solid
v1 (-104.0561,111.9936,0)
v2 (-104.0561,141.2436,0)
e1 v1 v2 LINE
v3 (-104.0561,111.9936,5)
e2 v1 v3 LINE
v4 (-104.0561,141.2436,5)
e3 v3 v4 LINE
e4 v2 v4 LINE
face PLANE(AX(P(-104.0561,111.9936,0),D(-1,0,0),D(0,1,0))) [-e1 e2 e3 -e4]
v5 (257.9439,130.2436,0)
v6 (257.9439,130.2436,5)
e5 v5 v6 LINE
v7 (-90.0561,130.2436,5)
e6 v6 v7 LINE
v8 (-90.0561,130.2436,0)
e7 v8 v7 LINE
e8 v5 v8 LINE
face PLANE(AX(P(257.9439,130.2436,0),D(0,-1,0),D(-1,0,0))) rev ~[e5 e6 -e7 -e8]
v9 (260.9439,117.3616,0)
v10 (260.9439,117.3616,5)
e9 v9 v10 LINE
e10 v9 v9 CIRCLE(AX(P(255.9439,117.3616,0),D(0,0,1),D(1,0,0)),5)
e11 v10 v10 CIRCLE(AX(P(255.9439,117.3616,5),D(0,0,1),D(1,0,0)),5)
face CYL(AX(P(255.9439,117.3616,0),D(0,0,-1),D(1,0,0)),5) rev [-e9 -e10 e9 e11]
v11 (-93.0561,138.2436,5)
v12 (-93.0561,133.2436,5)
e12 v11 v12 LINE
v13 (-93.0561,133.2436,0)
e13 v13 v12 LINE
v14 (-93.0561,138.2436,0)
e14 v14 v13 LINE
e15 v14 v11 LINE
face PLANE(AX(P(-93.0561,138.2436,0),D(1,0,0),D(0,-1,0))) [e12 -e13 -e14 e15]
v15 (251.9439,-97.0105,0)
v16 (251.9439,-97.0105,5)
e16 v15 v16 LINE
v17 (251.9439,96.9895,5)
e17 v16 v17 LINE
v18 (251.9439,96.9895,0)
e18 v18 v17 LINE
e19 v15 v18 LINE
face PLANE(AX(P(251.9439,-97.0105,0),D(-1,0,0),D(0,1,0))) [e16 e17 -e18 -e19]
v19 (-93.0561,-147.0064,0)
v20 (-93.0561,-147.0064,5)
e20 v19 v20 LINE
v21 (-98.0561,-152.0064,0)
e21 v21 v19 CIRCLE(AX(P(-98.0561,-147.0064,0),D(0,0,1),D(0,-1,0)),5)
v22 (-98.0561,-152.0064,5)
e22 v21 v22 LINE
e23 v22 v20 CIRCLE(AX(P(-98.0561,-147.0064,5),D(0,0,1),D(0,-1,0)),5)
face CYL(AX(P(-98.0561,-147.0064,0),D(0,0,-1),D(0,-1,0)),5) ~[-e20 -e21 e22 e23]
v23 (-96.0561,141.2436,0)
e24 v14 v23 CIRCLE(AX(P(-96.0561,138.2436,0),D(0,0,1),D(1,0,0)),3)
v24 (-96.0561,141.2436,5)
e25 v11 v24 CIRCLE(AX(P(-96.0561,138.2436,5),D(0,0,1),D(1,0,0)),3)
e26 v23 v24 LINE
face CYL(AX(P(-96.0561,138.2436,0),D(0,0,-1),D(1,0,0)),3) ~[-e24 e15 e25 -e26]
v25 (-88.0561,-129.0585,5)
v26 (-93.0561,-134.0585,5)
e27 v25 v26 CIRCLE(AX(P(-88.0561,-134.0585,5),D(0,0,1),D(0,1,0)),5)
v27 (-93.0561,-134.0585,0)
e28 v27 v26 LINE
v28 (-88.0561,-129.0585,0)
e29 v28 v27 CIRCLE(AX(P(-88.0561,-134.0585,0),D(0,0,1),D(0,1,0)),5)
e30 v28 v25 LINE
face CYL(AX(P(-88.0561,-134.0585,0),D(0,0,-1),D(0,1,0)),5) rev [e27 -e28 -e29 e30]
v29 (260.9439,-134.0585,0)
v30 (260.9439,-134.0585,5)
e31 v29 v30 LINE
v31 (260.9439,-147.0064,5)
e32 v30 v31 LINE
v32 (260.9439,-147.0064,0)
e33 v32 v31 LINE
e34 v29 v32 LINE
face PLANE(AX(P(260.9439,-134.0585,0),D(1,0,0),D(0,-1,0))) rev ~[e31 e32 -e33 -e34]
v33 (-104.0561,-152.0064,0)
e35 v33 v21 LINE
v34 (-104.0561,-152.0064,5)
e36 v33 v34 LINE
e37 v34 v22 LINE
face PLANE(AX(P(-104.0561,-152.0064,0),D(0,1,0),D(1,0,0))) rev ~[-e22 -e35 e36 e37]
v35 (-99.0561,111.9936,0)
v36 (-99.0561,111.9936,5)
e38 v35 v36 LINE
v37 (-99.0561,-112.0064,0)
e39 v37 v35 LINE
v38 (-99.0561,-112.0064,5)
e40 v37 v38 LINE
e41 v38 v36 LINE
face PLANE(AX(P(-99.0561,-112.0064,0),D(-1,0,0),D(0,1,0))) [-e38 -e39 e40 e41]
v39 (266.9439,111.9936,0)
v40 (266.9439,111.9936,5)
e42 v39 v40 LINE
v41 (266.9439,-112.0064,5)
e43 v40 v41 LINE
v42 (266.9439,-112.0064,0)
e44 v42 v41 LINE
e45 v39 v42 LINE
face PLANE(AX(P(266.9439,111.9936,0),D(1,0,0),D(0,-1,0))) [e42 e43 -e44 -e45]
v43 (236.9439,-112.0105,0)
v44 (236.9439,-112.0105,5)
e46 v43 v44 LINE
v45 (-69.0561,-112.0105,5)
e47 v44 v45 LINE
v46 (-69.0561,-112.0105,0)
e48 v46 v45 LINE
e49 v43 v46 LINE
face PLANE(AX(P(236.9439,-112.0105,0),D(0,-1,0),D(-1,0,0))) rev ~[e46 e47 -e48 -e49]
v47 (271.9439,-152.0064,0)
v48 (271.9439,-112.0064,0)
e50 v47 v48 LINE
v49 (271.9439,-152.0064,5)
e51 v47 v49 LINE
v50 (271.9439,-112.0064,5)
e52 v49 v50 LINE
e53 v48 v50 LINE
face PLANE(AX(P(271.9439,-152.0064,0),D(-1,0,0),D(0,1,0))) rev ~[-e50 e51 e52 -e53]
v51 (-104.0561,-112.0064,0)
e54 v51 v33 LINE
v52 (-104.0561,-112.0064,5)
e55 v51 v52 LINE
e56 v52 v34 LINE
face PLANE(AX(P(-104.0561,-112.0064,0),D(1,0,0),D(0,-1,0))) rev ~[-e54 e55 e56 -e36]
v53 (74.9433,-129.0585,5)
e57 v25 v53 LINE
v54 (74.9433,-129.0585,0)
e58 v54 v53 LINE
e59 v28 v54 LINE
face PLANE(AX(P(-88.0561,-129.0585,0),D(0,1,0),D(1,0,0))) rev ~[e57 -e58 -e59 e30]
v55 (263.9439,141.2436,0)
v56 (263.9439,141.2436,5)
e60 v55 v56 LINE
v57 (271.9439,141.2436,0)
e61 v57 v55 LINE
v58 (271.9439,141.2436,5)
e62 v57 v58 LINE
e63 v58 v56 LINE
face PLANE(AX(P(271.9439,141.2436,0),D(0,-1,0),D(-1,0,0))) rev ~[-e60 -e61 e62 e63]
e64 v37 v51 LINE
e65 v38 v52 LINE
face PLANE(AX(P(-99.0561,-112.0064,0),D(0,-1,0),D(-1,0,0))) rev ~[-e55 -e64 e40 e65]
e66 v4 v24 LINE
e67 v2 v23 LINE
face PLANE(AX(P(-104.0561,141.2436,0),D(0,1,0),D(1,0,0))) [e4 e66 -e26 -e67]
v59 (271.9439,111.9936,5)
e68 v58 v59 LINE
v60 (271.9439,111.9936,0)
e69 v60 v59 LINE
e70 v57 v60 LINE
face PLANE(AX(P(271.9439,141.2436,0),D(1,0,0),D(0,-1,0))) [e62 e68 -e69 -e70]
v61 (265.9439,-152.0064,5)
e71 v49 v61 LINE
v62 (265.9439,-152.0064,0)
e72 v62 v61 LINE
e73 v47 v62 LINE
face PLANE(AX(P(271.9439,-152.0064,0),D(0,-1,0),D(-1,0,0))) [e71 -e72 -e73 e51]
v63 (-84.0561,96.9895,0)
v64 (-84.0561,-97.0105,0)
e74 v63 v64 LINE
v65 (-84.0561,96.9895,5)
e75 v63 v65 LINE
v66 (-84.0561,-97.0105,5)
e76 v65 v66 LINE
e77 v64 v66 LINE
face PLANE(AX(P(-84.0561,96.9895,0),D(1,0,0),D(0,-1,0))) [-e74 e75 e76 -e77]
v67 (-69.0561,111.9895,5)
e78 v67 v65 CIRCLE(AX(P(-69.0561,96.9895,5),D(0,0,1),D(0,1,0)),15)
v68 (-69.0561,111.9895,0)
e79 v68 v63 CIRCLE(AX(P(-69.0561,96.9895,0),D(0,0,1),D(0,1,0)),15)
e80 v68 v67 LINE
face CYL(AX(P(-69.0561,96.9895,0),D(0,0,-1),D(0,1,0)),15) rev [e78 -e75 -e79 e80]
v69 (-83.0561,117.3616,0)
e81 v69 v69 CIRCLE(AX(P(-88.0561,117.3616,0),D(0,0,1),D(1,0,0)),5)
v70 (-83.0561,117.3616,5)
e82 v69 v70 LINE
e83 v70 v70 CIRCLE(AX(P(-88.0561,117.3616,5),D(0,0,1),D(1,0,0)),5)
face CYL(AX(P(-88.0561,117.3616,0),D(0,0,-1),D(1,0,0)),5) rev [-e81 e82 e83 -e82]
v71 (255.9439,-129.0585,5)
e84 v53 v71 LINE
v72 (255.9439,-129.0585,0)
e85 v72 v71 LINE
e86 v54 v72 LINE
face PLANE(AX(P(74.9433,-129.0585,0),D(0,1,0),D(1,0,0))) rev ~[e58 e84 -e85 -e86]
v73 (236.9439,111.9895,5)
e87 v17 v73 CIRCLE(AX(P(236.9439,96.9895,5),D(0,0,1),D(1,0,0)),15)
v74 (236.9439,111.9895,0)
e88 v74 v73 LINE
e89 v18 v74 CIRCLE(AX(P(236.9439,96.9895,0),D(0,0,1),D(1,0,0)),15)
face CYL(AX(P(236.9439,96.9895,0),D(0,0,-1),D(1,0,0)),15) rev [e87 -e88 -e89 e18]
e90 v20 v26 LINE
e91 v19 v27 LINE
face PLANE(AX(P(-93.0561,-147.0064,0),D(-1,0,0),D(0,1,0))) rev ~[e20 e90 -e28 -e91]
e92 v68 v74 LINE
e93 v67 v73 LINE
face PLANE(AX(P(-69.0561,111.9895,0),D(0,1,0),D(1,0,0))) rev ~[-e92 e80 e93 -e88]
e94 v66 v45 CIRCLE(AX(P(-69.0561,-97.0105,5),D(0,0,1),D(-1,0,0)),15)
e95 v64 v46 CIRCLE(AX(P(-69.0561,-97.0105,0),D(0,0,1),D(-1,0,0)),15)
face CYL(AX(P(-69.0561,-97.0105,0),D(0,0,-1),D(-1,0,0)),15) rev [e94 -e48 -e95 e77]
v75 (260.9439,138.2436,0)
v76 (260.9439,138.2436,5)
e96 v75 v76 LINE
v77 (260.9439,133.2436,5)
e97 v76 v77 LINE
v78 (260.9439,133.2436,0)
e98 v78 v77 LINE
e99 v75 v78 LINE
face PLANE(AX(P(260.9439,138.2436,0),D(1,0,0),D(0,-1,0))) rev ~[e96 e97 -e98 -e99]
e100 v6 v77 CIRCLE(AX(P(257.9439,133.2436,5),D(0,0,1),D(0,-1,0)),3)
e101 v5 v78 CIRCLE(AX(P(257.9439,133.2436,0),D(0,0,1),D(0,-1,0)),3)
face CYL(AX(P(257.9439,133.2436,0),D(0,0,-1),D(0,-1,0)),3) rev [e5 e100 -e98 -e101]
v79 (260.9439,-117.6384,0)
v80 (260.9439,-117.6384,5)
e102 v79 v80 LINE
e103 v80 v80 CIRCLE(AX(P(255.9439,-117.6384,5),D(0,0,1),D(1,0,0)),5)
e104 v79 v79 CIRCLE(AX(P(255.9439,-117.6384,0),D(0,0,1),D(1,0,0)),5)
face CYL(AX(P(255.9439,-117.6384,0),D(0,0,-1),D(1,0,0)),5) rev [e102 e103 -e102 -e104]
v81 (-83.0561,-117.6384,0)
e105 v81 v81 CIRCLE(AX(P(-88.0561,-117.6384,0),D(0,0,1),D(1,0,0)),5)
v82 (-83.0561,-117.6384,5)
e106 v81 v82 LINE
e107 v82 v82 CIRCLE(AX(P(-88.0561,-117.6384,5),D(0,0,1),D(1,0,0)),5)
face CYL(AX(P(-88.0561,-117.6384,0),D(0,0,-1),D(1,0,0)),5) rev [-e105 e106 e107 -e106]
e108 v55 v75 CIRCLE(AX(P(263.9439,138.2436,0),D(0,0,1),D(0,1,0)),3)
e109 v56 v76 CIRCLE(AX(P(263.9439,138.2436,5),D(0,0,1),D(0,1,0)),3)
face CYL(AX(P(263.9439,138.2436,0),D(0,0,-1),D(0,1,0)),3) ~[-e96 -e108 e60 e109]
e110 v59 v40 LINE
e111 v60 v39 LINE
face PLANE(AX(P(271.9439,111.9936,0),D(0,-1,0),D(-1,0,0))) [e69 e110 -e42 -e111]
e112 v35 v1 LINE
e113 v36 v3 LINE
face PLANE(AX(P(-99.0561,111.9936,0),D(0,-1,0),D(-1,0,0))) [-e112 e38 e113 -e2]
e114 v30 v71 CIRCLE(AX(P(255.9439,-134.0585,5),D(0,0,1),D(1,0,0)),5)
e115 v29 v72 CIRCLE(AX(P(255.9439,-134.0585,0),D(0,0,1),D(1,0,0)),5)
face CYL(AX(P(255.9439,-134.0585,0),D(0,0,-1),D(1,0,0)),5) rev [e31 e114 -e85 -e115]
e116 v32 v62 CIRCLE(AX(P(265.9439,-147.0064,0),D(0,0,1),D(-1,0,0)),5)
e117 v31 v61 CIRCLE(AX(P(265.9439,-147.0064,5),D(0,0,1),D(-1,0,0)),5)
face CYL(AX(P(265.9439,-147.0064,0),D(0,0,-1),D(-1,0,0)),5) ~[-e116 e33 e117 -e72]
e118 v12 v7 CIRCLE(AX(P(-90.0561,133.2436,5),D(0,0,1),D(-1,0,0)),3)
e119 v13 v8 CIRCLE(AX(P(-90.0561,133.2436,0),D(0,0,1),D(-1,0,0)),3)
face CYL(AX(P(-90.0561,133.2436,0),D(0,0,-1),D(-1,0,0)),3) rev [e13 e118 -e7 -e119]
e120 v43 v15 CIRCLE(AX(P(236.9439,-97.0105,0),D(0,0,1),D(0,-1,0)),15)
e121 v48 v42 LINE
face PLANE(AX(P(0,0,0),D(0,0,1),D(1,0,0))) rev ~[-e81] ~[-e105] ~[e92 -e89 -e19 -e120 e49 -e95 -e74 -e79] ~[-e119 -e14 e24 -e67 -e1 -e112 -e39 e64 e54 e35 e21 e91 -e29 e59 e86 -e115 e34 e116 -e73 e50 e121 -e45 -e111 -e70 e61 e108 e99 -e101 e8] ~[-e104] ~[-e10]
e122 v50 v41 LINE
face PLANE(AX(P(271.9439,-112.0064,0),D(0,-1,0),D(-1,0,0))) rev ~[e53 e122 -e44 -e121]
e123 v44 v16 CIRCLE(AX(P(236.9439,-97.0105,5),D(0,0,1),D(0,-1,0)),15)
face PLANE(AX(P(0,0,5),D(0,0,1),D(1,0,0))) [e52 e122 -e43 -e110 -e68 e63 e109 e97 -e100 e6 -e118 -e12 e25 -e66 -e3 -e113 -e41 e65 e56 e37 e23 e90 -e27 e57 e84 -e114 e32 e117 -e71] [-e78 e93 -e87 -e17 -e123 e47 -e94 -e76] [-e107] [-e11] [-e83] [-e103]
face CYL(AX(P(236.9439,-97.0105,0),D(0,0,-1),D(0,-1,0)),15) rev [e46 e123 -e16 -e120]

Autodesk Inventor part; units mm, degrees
ref_plane "YZ Plane" through (0, 0, 0) normal (1, 0, 0) x (0, 1, 0)
ref_plane "XZ Plane" through (0, 0, 0) normal (0, 1, 0) x (-1, 0, 0)
ref_plane "XY Plane" through (0, 0, 0) normal (0, 0, 1) x (1, 0, 0)
sketch "Sketch1" plane through (0, 0, 0) normal (0, 0, 1) x (1, 0, 0)
  line L0 (266.9439, 111.9936) -> (266.9439, -112.0064)
  line L1 (271.9439, 111.9936) -> (266.9439, 111.9936)
  line L2 (271.9439, 141.2436) -> (271.9439, 111.9936)
  line L3 (251.9439, -97.0105) -> (251.9439, 96.9895)
  line L4 (-99.0561, 111.9936) -> (-104.0561, 111.9936)
  line L5 (-104.0561, 111.9936) -> (-104.0561, 141.2436)
  line L6 (-99.0561, -112.0064) -> (-99.0561, 111.9936)
  line L7 (-84.0561, 96.9895) -> (-84.0561, -97.0105)
  line L8 (-69.0561, 111.9895) -> (236.9439, 111.9895)
  line L9 (236.9439, -112.0105) -> (-69.0561, -112.0105)
  line L10 (271.9439, -112.0064) -> (266.9439, -112.0064)
  line L11 (271.9439, -152.0064) -> (271.9439, -112.0064)
  line L12 (-99.0561, -112.0064) -> (-104.0561, -112.0064)
  line L13 (-104.0561, -112.0064) -> (-104.0561, -152.0064)
  arc A0 (-98.0561, -152.0064) -> (-93.0561, -147.0064) centre (-98.0561, -147.0064) ccw
  line L14 (271.9439, -152.0064) -> (265.9439, -152.0064)
  line L15 (-88.0561, -129.0585) -> (74.9433, -129.0585)
  line L16 (-104.0561, -152.0064) -> (-98.0561, -152.0064)
  line L17 (74.9433, -129.0585) -> (255.9439, -129.0585)
  line L18 (260.9439, -134.0585) -> (260.9439, -147.0064)
  arc A1 (260.9439, -147.0064) -> (265.9439, -152.0064) centre (265.9439, -147.0064) ccw
  arc A2 (260.9439, -134.0585) -> (255.9439, -129.0585) centre (255.9439, -134.0585) ccw
  line L19 (-104.0561, 141.2436) -> (-96.0561, 141.2436)
  line L20 (-93.0561, 138.2436) -> (-93.0561, 133.2436)
  arc A3 (-93.0561, 138.2436) -> (-96.0561, 141.2436) centre (-96.0561, 138.2436) ccw
  line L21 (-93.0561, -147.0064) -> (-93.0561, -134.0585)
  arc A4 (-88.0561, -129.0585) -> (-93.0561, -134.0585) centre (-88.0561, -134.0585) ccw
  line L22 (271.9439, 141.2436) -> (263.9439, 141.2436)
  arc A5 (263.9439, 141.2436) -> (260.9439, 138.2436) centre (263.9439, 138.2436) ccw
  arc A6 (-69.0561, 111.9895) -> (-84.0561, 96.9895) centre (-69.0561, 96.9895) ccw
  arc A7 (-84.0561, -97.0105) -> (-69.0561, -112.0105) centre (-69.0561, -97.0105) ccw
  arc A8 (236.9439, -112.0105) -> (251.9439, -97.0105) centre (236.9439, -97.0105) ccw
  arc A9 (251.9439, 96.9895) -> (236.9439, 111.9895) centre (236.9439, 96.9895) ccw
  line L23 (260.9439, 138.2436) -> (260.9439, 133.2436)
  line L24 (257.9439, 130.2436) -> (-90.0561, 130.2436)
  arc A10 (257.9439, 130.2436) -> (260.9439, 133.2436) centre (257.9439, 133.2436) ccw
  arc A11 (-93.0561, 133.2436) -> (-90.0561, 130.2436) centre (-90.0561, 133.2436) ccw
  circle A12 centre (255.9439, 117.3616) radius 5
  circle A13 centre (255.9439, -117.6384) radius 5
  circle A14 centre (-88.0561, 117.3616) radius 5
  circle A15 centre (-88.0561, -117.6384) radius 5
  point P0 (93.9439, -152.0064)
  point P1 (-99.0561, -111.9897)
  point P2 (98.9427, -111.9902)
  point P3 (-91.5561, -141.2436)
  point P4 (-91.5561, -141.2564)
  point P5 (-91.5556, -141.2564)
  point P6 (-93.0561, -130.0064)
  point P7 (-93.0561, 141.2436)
  point P8 (-91.5561, 136.2791)
  point P9 (260.9439, 141.2436)
  dimension "d29" = 366
  dimension "d30" = 5
  dimension "d31" = 5
  dimension "d32" = 5
  dimension "d33" = 5
  dimension "d34" = 15
  dimension "d35" = 15
  dimension "d38" = 40
  dimension "d39" = 40
  dimension "d42" = 376
  dimension "d43" = 376
  dimension "d45" = 6
  dimension "d48" = 5
  dimension "d57" = 3
  dimension "d60" = 5
  dimension "d62" = 3
  dimension "d64" = 15
  dimension "d65" = 15
  dimension "d66" = 5
  dimension "d67" = 5
  dimension "d69" = 3
  dimension "d70" = 8
  dimension "d71" = 8
  dimension "d72" = 6
  dimension "d73" = 10
  dimension "d74" = 10
  dimension "d76" = 4
  dimension "d77" = 4
  dimension "d78" = 336
  dimension "d79" = 10
  dimension "d80" = 10
  dimension "d81" = 344
  dimension "d82" = 344
  dimension "d84" = 235
  dimension "d86" = 235
extrude "Extrusion1" add sketch "Sketch1" along normal blind 5
properties part number "back bracer" material "Iron, Cast"
